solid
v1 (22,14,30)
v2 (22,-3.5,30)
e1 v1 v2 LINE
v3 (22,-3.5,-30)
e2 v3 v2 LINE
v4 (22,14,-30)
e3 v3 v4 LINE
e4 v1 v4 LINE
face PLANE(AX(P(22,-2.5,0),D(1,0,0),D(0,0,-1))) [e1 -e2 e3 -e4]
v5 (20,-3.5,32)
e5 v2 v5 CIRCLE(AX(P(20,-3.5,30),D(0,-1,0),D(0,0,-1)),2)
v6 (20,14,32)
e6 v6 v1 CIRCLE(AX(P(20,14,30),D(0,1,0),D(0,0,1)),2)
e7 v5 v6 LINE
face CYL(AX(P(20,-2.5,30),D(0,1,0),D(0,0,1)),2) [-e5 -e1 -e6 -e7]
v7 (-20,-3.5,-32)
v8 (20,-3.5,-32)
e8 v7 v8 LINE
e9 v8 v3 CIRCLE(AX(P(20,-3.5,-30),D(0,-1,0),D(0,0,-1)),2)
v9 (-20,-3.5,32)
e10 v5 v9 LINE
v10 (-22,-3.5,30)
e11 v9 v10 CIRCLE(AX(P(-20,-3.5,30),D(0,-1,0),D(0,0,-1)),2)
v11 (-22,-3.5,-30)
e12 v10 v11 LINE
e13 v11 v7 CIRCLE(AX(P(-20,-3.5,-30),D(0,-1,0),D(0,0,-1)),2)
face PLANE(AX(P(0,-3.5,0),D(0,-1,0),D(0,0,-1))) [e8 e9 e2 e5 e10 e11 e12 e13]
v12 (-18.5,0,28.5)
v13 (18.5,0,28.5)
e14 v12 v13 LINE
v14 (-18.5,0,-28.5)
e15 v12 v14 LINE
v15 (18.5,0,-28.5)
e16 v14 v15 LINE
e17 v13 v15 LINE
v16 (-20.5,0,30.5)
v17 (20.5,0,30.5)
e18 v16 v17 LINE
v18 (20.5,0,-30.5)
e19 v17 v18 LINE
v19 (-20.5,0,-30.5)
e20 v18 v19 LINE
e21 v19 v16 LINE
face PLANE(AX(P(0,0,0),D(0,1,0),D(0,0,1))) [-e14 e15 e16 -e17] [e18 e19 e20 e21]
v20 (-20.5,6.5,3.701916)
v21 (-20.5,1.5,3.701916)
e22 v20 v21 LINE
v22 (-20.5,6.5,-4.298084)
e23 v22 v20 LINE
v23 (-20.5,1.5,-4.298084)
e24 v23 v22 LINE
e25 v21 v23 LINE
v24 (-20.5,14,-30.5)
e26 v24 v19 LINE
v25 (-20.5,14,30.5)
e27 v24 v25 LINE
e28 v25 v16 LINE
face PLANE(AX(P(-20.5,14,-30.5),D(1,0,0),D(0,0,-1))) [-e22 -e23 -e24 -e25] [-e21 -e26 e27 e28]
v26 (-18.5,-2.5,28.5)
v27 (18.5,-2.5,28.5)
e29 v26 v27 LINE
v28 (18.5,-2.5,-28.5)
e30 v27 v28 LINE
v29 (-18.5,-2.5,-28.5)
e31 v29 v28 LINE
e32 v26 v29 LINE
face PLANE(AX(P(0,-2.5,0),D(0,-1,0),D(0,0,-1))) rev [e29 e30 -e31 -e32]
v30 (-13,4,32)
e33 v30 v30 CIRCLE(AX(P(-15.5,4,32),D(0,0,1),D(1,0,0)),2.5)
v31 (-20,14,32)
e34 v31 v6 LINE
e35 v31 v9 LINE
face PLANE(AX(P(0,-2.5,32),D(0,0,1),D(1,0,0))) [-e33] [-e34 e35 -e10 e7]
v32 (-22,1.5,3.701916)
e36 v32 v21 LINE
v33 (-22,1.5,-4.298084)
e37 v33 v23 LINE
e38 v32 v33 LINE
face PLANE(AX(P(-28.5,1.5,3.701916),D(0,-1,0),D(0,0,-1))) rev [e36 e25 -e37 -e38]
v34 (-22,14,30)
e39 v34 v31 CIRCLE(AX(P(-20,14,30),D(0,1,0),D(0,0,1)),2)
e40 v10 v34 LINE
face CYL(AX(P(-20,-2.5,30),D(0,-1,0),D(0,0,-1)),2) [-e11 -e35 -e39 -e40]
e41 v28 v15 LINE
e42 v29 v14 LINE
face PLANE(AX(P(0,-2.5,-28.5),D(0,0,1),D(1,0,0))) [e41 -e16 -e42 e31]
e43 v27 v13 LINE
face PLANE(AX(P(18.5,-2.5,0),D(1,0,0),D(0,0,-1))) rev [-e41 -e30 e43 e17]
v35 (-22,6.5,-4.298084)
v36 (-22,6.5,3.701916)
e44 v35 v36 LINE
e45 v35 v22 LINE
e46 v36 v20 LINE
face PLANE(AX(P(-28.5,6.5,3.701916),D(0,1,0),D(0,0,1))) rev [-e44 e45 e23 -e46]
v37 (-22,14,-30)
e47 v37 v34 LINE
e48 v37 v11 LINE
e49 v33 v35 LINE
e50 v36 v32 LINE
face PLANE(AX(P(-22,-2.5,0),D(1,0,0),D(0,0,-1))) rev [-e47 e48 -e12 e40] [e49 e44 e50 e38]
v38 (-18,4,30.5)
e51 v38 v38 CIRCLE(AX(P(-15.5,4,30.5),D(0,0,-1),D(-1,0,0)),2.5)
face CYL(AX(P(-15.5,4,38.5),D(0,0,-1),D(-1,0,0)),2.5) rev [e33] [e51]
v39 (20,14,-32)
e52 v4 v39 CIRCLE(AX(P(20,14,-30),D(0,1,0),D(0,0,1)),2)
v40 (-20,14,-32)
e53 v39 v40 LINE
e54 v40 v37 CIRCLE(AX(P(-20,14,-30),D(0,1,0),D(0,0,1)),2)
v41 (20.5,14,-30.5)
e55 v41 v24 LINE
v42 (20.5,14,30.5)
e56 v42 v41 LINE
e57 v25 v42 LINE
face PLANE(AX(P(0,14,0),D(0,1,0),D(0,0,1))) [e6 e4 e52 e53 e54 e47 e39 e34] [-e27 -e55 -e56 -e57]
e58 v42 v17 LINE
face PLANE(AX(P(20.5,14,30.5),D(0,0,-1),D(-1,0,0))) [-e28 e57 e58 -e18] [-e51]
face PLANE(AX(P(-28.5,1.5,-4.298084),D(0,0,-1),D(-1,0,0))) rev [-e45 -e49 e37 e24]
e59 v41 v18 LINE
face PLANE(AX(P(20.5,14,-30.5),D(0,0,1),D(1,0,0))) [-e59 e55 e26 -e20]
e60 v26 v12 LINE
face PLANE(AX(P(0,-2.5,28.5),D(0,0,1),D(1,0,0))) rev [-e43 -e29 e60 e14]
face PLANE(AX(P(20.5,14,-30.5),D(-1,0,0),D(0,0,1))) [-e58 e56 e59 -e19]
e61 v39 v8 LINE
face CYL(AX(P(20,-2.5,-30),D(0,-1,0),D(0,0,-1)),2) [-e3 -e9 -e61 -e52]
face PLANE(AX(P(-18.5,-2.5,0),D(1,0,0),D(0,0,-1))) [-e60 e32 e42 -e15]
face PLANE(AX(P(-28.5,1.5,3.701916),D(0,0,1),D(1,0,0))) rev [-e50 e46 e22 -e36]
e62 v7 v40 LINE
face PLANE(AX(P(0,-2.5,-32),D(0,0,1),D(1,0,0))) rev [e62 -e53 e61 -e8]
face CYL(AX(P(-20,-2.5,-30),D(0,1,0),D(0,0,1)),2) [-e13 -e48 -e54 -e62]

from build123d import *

# Parameters (mm, degrees)
SKETCH1_W           = 44
SKETCH1_H           = 64
SKETCH1_W_2         = 40
SKETCH1_H_2         = 60
SKETCH1_W_3         = 37
SKETCH1_H_3         = 57
BOSS_EXTRUDE1_DEPTH = 2.5
SKETCH2_W           = 44
SKETCH2_H           = 64
SKETCH2_W_2         = 41
SKETCH2_H_2         = 61
BOSS_EXTRUDE2_DEPTH = 14
SKETCH3_W           = 44
SKETCH3_H           = 64
BOSS_EXTRUDE3_DEPTH = 1
SKETCH4_W           = 8
SKETCH4_H           = 5
CUT_EXTRUDE1_DEPTH  = 8
SKETCH5_R           = 2.5
CUT_EXTRUDE2_DEPTH  = 8
FILLET1_R           = 2


with BuildPart() as part:
    # Sketch1 → Boss-Extrude1 (new body)
    # profile 1 of 2: a face of its own
    with BuildSketch(Plane(origin=(0, 0, 0), x_dir=(1, 0, 0), z_dir=(0, 1, 0))):
        Rectangle(SKETCH1_W, SKETCH1_H)
        Rectangle(SKETCH1_W_2, SKETCH1_H_2, mode=Mode.SUBTRACT)
    # profile 2 of 2: a face of its own
    with BuildSketch(Plane(origin=(0, 0, 0), x_dir=(1, 0, 0), z_dir=(0, 1, 0))):
        Rectangle(SKETCH1_W_2, SKETCH1_H_2)
        Rectangle(SKETCH1_W_3, SKETCH1_H_3, mode=Mode.SUBTRACT)
    extrude(amount=-BOSS_EXTRUDE1_DEPTH)

    # Sketch2 → Boss-Extrude2 (add)
    with BuildSketch(Plane(origin=(0, 0, 0), x_dir=(1, 0, 0), z_dir=(0, 1, 0))):
        Rectangle(SKETCH2_W, SKETCH2_H)
        Rectangle(SKETCH2_W_2, SKETCH2_H_2, mode=Mode.SUBTRACT)
    extrude(amount=BOSS_EXTRUDE2_DEPTH)

    # Sketch3 → Boss-Extrude3 (add)
    with BuildSketch(Plane.XZ.offset(2.5)):
        Rectangle(SKETCH3_W, SKETCH3_H)
    extrude(amount=BOSS_EXTRUDE3_DEPTH)

    # Sketch4 → Cut-Extrude1 (cut)
    with BuildSketch(Plane(origin=(-20.5, 0, 0), x_dir=(0, 0, -1), z_dir=(1, 0, 0))):
        with Locations((0.298083895, 4)):
            Rectangle(SKETCH4_W, SKETCH4_H)
    extrude(amount=-CUT_EXTRUDE1_DEPTH, mode=Mode.SUBTRACT)

    # Sketch5 → Cut-Extrude2 (cut)
    with BuildSketch(Plane(origin=(0, 0, 30.5), x_dir=(-1, 0, 0), z_dir=(0, 0, -1))):
        with Locations((15.5, 4)):
            Circle(SKETCH5_R)
    extrude(amount=-CUT_EXTRUDE2_DEPTH, mode=Mode.SUBTRACT)

    # Fillet1
    fillet1_edges = [part.edges().sort_by_distance(p)[0] for p in [
        (-22, 5.25, -32),
        (22, 5.25, -32),
        (22, 5.25, 32),
        (-22, 5.25, 32),
    ]]
    fillet(fillet1_edges, radius=FILLET1_R)


solid = part.part
